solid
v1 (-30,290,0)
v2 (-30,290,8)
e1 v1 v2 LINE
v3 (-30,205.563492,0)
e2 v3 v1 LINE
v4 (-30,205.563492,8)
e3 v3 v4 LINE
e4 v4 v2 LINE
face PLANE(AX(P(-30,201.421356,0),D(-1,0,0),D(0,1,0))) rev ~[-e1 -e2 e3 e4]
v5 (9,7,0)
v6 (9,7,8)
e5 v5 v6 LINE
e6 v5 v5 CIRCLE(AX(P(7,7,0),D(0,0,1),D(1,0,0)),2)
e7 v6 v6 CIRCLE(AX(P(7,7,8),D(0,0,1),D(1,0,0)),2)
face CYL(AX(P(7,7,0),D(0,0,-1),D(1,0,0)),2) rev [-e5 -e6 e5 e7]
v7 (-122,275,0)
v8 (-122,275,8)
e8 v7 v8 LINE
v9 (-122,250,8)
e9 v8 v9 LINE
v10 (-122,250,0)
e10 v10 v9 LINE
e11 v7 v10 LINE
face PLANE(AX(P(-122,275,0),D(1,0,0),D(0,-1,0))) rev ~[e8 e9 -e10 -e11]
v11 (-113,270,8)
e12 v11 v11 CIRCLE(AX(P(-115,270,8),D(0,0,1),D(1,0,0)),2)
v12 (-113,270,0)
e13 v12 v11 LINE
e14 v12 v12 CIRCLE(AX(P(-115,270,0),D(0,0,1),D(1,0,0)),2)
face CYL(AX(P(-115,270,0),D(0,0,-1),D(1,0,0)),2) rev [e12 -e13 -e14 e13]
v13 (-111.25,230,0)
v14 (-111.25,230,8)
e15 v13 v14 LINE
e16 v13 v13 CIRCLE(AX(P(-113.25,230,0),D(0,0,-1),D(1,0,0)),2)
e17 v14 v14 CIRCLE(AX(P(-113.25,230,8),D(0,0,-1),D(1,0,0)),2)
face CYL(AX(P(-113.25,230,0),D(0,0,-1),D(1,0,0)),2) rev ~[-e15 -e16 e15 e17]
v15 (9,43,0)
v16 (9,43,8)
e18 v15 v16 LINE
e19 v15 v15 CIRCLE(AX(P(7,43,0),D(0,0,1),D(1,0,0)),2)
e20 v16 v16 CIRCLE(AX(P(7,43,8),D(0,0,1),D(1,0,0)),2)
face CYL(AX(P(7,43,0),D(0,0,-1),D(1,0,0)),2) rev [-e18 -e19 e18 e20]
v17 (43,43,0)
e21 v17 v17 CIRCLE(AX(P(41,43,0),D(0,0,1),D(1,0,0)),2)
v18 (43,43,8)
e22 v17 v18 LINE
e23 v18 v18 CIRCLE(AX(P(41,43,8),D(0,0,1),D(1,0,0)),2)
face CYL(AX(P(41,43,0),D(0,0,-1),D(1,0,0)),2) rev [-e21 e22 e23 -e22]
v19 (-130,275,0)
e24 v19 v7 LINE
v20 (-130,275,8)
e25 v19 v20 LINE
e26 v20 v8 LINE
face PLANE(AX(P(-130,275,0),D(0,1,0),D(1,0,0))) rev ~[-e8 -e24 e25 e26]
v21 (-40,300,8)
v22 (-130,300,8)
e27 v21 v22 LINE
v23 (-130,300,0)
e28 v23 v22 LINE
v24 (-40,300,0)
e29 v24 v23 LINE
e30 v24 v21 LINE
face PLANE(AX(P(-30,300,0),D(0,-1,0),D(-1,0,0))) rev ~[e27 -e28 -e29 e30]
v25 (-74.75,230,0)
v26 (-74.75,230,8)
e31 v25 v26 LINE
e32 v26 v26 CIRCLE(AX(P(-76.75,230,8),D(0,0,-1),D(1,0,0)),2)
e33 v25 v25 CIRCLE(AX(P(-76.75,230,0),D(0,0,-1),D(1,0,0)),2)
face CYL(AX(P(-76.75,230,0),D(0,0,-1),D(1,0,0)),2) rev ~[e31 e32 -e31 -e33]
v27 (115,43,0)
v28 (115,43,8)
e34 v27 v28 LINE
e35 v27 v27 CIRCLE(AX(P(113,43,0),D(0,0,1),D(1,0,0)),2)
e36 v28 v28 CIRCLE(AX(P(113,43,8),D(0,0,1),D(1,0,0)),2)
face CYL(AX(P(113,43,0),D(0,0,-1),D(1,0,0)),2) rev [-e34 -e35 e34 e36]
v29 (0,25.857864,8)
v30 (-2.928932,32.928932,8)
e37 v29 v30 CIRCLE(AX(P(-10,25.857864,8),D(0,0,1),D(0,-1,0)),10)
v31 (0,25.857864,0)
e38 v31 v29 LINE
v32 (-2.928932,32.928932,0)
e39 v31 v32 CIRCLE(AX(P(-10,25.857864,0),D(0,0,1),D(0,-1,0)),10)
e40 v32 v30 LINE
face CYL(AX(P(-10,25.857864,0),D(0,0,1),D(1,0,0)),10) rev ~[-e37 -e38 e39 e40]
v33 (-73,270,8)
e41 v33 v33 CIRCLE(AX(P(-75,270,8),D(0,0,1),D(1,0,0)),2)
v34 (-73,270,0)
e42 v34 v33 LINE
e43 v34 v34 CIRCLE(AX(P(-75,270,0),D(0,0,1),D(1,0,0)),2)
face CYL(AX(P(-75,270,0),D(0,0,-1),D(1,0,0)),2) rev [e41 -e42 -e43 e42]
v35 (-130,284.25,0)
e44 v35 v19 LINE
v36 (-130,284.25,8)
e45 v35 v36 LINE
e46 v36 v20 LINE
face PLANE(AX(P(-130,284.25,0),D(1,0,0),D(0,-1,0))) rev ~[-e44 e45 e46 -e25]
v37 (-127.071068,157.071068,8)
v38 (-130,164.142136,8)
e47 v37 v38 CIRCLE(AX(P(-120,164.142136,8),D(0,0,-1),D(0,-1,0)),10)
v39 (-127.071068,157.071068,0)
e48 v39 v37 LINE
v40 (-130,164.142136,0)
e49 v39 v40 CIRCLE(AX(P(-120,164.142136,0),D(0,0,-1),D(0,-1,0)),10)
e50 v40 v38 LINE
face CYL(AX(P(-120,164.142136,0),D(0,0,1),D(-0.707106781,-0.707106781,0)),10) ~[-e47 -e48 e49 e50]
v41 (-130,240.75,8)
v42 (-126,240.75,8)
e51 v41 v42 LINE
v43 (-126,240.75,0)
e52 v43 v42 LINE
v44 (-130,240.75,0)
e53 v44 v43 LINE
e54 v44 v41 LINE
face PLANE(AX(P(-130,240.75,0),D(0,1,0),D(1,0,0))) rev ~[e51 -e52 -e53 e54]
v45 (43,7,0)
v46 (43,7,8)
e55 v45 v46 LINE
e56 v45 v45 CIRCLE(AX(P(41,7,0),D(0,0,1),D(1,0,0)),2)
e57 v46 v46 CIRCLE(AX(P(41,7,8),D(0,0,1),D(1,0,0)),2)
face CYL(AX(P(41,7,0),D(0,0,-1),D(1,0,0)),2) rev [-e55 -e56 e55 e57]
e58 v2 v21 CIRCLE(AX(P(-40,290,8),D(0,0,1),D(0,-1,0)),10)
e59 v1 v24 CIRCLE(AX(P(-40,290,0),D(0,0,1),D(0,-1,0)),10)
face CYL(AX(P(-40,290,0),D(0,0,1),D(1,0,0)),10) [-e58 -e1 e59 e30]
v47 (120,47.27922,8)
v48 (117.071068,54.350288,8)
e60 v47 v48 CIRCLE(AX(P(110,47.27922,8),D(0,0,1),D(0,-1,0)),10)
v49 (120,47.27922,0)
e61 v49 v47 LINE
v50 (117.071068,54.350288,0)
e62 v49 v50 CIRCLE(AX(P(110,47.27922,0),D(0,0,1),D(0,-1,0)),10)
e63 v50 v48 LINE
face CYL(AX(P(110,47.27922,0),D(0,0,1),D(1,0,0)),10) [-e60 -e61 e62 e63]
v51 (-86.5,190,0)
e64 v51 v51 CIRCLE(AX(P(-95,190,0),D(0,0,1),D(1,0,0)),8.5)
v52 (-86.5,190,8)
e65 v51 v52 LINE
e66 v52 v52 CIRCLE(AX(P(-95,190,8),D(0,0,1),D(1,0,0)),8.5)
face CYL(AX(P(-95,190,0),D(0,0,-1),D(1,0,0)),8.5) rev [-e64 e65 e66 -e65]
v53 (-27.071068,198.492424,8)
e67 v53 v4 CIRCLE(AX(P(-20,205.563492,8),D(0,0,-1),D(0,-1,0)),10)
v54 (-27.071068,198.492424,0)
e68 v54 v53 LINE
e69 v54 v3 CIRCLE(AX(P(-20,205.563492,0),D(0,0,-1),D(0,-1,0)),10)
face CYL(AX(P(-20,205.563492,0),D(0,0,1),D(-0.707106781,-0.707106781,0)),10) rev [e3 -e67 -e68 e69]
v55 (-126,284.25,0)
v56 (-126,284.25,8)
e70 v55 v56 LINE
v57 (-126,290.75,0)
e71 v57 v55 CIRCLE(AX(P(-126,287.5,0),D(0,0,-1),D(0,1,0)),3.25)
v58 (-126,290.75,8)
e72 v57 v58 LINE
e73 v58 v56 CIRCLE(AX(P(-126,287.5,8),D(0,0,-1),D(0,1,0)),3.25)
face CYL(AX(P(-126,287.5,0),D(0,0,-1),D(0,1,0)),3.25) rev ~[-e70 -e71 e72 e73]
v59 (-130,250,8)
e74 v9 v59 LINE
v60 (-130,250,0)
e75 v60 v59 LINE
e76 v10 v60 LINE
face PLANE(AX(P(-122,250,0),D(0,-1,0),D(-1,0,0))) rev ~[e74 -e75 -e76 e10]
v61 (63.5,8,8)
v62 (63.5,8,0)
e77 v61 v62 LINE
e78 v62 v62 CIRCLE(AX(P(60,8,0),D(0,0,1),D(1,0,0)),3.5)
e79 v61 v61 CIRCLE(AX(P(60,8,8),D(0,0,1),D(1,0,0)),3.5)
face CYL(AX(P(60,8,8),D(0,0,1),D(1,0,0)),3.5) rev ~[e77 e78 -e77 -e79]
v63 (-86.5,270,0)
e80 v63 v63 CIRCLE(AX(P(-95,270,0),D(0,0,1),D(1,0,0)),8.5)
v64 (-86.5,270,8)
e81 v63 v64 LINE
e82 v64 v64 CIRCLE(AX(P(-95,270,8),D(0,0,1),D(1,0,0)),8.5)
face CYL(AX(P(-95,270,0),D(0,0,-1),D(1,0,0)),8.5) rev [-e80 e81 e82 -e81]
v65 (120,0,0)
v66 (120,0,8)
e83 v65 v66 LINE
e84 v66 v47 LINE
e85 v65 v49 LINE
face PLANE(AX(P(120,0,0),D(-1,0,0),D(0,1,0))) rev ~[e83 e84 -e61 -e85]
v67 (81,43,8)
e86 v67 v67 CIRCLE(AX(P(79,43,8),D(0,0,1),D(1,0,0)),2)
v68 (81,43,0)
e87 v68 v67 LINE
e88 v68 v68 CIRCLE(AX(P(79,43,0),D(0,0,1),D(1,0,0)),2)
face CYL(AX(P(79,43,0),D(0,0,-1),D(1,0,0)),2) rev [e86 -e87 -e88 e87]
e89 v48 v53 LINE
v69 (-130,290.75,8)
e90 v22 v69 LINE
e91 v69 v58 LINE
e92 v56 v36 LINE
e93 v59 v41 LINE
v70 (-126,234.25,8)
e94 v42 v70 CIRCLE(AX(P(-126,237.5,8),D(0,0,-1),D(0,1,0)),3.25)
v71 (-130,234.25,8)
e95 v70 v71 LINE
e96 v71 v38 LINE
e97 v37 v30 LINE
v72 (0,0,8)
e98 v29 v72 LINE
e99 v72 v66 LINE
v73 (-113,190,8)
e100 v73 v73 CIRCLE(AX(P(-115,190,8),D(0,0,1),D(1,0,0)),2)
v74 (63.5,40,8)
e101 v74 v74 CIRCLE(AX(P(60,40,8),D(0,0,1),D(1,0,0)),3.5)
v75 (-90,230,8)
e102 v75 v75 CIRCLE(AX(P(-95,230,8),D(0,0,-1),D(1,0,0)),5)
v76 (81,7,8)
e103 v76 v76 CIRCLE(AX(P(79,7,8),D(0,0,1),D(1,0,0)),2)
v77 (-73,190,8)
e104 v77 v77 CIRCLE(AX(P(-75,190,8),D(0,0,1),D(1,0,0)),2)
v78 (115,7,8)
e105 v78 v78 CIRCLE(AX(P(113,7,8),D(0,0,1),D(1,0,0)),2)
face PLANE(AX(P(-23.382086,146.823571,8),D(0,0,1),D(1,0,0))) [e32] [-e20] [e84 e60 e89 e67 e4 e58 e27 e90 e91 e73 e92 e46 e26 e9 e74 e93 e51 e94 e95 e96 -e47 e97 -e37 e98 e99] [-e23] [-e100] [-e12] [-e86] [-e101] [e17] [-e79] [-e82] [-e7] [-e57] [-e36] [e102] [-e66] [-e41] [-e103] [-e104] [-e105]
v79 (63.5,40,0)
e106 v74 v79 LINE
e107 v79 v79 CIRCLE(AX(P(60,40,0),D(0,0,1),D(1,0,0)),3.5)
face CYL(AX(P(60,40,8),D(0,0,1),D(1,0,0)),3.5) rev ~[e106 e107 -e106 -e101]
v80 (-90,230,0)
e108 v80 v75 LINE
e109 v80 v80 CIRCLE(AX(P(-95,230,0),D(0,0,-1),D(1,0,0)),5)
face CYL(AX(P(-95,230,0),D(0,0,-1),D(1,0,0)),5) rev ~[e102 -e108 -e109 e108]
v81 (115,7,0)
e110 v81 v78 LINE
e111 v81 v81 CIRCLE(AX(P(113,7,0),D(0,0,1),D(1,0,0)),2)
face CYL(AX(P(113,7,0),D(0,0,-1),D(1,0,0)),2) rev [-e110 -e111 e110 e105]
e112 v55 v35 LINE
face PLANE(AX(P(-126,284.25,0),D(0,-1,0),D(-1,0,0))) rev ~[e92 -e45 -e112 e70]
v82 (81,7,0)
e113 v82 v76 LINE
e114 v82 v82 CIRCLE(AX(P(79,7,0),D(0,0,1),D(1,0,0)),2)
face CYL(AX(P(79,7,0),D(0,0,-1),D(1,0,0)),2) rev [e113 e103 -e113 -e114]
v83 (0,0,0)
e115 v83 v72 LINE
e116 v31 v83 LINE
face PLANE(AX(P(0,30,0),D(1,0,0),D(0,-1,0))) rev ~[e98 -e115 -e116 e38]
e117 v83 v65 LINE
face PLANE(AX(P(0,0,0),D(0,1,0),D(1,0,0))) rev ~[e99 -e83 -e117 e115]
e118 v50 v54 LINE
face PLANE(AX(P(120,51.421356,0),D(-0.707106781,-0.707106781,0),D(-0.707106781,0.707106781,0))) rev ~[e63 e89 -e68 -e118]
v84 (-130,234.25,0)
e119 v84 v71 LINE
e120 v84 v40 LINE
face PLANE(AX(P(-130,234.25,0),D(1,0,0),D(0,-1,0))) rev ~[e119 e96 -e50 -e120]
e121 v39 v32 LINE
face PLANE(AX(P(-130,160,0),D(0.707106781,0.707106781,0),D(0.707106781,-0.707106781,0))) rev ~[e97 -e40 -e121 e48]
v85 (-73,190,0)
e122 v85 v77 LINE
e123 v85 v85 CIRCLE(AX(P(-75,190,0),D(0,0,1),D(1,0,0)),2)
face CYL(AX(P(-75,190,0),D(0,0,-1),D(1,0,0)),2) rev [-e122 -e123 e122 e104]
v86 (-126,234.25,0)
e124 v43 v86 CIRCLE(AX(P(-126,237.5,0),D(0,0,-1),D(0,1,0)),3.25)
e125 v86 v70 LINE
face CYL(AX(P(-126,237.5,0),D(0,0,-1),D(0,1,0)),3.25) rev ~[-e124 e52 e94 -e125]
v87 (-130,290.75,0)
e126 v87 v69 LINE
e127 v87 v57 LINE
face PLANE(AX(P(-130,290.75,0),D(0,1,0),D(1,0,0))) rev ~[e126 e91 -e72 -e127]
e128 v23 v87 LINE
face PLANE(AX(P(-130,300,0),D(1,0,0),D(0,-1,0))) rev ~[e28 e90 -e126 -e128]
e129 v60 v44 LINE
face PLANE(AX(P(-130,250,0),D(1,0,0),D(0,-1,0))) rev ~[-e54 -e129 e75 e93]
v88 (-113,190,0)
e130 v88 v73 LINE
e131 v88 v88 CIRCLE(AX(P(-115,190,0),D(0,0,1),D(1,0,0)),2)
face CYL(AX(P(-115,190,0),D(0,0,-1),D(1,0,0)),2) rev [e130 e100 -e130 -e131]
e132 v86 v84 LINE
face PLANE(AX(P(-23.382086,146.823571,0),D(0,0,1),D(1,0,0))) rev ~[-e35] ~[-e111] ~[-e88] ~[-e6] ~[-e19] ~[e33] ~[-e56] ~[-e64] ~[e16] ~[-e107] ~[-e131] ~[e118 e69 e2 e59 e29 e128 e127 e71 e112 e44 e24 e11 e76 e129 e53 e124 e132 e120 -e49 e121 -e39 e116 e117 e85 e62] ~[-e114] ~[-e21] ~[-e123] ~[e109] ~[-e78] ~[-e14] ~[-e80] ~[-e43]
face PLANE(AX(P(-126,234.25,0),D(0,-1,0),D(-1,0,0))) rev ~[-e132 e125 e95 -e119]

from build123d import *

# Parameters (mm, degrees)
F0_R     = 2
F0_R_2   = 8.5
F1_DEPTH = 8
F2_R     = 3.5
F3_DEPTH = 8
F4_R     = 5
F4_R_2   = 2
F5_DEPTH = 8
F6_R     = 10


with BuildPart() as f1:
    # F0 (on Top) → F1 (new body)
    with BuildSketch(Plane.XY):
        with BuildLine():
            Line((0, 30), (0, 0))
            Line((0, 0), (120, 0))
            Line((120, 0), (120, 51.421356))
            Line((120, 51.421356), (-30, 201.421356))
            Line((-30, 201.421356), (-30, 300))
            Line((-30, 300), (-130, 300))
            Line((-130, 300), (-130, 290.75))
            Line((-130, 290.75), (-126, 290.75))
            ThreePointArc((-126, 290.75), (-122.75, 287.5), (-126, 284.25))
            Line((-126, 284.25), (-130, 284.25))
            Line((-130, 284.25), (-130, 275))
            Line((-130, 275), (-122, 275))
            Line((-122, 275), (-122, 250))
            Line((-122, 250), (-130, 250))
            Line((-130, 250), (-130, 240.75))
            Line((-130, 240.75), (-126, 240.75))
            ThreePointArc((-126, 240.75), (-122.75, 237.5), (-126, 234.25))
            Line((-126, 234.25), (-130, 234.25))
            Line((-130, 234.25), (-130, 160))
            Line((-130, 160), (0, 30))
        make_face()
        with Locations((7, 7)):
            Circle(F0_R, mode=Mode.SUBTRACT)
        with Locations((41, 7)):
            Circle(F0_R, mode=Mode.SUBTRACT)
        with Locations((7, 43)):
            Circle(F0_R, mode=Mode.SUBTRACT)
        with Locations((41, 43)):
            Circle(F0_R, mode=Mode.SUBTRACT)
        with Locations((79, 7)):
            Circle(F0_R, mode=Mode.SUBTRACT)
        with Locations((113, 7)):
            Circle(F0_R, mode=Mode.SUBTRACT)
        with Locations((79, 43)):
            Circle(F0_R, mode=Mode.SUBTRACT)
        with Locations((113, 43)):
            Circle(F0_R, mode=Mode.SUBTRACT)
        with Locations((-115, 190)):
            Circle(F0_R, mode=Mode.SUBTRACT)
        with Locations((-95, 190)):
            Circle(F0_R_2, mode=Mode.SUBTRACT)
        with Locations((-75, 190)):
            Circle(F0_R, mode=Mode.SUBTRACT)
        with Locations((-115, 270)):
            Circle(F0_R, mode=Mode.SUBTRACT)
        with Locations((-95, 270)):
            Circle(F0_R_2, mode=Mode.SUBTRACT)
        with Locations((-75, 270)):
            Circle(F0_R, mode=Mode.SUBTRACT)
    extrude(amount=F1_DEPTH)

    # F2 (on face) → F3 (cut, through all)
    with BuildSketch(Plane.XY.offset(8)):
        with Locations((60, 8)):
            Circle(F2_R)
        with Locations((60, 40)):
            Circle(F2_R)
    extrude(amount=-F3_DEPTH, mode=Mode.SUBTRACT)

    # F4 (on face) → F5 (cut, through all)
    with BuildSketch(Plane(origin=(0, 0, 0), x_dir=(1, 0, 0), z_dir=(0, 0, -1))):
        with Locations((-95, -230)):
            Circle(F4_R)
        with Locations((-76.75, -230)):
            Circle(F4_R_2)
        with Locations((-113.25, -230)):
            Circle(F4_R_2)
    extrude(amount=-F5_DEPTH, mode=Mode.SUBTRACT)

    # F6
    f6_edges = [f1.edges().sort_by_distance(p)[0] for p in [
        (-130, 160, 4),
        (-30, 300, 4),
        (-30, 201.421356, 4),
        (120, 51.421356, 4),
        (0, 30, 4),
    ]]
    fillet(f6_edges, radius=F6_R)


solid = f1.part
